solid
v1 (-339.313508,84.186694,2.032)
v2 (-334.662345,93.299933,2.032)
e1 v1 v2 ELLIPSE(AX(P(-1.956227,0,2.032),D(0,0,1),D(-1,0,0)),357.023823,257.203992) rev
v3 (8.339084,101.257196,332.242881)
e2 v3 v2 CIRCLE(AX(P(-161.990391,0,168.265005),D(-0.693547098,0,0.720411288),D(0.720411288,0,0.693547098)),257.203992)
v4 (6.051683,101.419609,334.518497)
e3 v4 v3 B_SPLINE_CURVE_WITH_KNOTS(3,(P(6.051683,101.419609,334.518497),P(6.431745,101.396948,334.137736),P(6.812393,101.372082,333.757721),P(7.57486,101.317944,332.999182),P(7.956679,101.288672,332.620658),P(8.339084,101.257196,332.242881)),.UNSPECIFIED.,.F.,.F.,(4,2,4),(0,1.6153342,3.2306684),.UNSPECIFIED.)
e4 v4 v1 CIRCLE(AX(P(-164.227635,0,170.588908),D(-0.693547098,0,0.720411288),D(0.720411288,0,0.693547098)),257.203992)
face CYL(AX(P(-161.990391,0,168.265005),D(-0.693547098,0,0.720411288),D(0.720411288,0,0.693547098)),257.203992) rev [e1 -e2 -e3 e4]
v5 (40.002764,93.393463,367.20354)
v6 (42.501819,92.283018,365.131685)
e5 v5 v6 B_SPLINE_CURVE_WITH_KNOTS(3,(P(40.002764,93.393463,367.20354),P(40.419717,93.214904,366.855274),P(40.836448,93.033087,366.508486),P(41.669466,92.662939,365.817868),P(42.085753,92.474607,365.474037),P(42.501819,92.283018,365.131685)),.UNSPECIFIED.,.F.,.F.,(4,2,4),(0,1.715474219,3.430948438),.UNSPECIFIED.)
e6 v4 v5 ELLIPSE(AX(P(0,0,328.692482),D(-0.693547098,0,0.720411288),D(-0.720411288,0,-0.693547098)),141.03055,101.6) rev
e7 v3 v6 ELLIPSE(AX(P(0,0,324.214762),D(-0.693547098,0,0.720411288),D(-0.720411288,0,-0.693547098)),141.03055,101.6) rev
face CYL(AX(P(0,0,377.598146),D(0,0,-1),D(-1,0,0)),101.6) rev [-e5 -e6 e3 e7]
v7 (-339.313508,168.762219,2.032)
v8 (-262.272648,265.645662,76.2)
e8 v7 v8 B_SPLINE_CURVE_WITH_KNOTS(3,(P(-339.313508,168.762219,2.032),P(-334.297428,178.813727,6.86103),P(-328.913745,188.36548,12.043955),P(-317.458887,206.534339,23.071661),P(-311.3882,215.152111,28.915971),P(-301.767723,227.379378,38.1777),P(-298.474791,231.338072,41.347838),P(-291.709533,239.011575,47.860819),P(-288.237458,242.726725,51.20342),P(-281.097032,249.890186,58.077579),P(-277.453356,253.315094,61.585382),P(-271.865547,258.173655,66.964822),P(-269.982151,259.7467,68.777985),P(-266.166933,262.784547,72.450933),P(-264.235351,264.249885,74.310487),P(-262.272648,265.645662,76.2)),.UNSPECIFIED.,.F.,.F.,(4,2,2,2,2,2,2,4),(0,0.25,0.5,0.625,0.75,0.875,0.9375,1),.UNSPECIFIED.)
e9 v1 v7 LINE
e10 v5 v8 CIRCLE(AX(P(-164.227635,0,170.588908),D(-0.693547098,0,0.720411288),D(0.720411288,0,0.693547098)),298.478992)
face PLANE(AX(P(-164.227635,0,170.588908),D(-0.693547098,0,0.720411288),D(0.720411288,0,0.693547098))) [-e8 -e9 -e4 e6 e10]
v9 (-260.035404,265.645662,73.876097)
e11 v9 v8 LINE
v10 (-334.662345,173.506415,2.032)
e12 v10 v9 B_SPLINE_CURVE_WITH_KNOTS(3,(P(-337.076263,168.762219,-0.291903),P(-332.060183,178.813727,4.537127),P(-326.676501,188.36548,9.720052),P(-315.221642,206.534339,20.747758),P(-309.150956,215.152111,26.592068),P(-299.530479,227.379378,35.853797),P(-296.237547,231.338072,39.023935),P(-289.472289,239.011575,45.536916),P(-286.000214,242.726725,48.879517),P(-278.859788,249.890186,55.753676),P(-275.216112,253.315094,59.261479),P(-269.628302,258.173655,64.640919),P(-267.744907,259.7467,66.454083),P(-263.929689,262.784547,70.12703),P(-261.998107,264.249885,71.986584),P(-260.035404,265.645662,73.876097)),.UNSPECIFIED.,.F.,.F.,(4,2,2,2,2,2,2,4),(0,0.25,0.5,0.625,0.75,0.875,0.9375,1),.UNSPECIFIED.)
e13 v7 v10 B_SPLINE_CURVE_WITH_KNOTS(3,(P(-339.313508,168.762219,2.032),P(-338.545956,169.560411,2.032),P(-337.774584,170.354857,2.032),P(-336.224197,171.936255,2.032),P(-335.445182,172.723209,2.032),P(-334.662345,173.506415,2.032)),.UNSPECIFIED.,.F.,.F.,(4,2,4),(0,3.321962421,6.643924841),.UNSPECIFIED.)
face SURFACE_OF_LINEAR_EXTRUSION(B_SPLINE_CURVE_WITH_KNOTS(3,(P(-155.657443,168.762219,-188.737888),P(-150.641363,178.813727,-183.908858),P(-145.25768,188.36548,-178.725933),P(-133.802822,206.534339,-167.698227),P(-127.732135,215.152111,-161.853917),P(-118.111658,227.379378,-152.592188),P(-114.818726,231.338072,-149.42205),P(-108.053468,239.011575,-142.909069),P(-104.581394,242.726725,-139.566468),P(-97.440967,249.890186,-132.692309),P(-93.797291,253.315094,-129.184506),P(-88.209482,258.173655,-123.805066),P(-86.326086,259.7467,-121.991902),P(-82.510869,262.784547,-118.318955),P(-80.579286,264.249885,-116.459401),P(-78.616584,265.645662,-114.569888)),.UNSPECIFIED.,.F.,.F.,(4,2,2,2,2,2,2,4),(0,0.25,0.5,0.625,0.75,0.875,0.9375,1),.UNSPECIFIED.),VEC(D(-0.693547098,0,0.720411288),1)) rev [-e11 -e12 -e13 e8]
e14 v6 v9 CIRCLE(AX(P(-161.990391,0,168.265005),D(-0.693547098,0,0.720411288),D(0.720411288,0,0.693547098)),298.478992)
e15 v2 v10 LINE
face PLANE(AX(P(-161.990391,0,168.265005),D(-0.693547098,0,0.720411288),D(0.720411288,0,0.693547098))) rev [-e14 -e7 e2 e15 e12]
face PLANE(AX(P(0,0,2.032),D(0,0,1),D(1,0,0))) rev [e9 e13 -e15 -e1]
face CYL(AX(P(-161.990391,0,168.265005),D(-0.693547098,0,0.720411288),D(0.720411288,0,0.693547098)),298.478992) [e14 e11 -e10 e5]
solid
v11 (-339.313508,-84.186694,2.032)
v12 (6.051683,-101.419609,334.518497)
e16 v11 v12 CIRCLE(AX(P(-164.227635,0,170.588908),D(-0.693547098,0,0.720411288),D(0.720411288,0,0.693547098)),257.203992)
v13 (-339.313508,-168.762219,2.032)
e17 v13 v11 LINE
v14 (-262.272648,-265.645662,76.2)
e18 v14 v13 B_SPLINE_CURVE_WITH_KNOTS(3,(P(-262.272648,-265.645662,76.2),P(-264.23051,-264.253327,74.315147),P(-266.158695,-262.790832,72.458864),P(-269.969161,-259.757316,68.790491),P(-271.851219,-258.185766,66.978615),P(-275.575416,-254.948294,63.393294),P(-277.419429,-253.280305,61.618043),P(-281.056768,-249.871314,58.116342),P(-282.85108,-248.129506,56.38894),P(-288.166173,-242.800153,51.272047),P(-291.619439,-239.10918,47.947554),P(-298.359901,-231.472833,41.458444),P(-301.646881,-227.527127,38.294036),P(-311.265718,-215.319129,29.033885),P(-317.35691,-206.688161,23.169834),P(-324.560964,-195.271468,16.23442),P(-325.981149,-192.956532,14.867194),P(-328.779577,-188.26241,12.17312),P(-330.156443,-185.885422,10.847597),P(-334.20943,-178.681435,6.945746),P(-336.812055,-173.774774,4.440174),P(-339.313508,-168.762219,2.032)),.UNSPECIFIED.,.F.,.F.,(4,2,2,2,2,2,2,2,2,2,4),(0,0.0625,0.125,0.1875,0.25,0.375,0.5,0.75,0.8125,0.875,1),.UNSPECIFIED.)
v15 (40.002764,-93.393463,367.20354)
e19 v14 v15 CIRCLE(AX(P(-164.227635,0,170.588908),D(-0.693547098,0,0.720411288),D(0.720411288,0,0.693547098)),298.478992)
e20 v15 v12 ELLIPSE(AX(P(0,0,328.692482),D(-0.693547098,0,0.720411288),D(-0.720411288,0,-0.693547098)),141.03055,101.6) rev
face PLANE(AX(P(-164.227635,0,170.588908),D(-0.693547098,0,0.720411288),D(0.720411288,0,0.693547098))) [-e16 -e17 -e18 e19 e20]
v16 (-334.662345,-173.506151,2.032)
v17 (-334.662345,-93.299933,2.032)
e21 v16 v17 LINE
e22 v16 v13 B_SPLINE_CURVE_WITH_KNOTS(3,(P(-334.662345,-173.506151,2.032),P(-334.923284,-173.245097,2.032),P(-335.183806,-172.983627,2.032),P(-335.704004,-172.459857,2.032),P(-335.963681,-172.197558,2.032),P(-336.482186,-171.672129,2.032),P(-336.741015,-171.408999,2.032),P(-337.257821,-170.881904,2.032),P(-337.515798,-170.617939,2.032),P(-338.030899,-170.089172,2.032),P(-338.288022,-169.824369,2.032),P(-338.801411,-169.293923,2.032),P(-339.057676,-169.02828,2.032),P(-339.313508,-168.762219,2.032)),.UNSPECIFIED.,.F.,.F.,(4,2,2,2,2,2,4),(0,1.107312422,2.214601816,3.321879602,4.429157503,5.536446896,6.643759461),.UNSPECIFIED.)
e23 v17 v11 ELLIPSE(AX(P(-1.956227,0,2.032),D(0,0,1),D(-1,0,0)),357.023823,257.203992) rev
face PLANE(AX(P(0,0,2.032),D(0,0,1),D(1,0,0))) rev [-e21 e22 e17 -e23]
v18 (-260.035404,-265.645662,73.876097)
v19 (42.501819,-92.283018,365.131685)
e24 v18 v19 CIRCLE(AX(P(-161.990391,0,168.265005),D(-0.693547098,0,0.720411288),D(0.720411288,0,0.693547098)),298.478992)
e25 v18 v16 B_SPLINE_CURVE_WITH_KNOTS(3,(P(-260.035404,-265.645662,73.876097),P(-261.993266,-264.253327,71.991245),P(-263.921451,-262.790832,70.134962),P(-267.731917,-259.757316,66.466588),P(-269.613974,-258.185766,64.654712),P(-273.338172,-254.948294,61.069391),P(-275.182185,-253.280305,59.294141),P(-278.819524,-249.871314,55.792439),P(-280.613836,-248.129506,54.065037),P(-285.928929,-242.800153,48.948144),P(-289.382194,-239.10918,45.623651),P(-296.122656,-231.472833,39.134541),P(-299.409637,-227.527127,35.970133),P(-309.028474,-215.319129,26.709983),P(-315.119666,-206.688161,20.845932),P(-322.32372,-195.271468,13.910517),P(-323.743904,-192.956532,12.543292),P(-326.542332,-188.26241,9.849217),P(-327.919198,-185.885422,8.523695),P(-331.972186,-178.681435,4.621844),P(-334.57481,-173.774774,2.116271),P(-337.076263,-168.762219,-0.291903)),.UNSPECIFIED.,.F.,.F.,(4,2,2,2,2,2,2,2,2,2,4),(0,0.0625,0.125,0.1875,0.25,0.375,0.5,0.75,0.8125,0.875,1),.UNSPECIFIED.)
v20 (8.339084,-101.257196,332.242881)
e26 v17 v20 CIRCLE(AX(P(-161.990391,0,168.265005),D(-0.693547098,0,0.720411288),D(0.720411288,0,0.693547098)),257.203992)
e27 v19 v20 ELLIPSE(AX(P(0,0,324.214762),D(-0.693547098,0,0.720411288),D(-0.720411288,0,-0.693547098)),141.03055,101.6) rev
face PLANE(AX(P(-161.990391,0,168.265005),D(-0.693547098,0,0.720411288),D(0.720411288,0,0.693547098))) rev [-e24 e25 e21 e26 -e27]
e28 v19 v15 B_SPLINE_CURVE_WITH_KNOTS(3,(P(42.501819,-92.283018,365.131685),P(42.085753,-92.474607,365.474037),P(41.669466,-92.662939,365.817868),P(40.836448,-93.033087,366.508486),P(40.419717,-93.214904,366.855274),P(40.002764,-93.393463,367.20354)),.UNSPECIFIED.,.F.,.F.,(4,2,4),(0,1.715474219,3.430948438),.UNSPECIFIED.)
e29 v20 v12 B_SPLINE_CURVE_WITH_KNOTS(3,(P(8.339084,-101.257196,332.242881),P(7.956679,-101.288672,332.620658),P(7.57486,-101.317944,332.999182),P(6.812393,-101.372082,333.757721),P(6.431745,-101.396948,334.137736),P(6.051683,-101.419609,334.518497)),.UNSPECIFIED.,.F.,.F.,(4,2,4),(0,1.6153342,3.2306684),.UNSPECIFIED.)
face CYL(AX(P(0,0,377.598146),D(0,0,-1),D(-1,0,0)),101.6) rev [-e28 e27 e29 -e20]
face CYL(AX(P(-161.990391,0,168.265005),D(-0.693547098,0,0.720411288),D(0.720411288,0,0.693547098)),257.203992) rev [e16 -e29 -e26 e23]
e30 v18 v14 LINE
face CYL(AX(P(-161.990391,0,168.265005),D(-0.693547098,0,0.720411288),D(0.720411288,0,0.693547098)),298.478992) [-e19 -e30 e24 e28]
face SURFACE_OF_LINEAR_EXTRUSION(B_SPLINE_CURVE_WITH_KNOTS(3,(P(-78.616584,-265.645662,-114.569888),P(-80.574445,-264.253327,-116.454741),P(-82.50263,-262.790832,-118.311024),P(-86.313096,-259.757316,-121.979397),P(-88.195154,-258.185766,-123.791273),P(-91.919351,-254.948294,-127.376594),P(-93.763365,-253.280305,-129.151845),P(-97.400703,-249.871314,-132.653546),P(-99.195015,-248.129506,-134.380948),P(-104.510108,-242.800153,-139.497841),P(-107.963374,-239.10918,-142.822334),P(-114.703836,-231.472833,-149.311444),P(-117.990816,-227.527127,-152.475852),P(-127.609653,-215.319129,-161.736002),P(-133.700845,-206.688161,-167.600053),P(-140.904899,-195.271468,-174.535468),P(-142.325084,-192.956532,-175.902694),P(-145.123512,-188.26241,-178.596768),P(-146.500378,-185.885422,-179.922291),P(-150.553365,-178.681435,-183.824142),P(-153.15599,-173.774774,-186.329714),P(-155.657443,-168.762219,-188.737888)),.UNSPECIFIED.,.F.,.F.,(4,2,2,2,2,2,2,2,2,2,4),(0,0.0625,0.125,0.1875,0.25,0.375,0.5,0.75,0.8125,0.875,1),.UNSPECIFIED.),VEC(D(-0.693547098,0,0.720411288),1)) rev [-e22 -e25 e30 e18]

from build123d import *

# Parameters (mm, degrees)
SKETCH2_R               = 298.47899177
SKETCH2_R_2             = 257.20399177
EXTRUDE1_DEPTH          = 3.2258
SKETCH3_R               = 101.6
CUT_EXTRUDE1_DEPTH      = 613.784324244
SKETCH4_R               = 381
CUT_EXTRUDE2_DEPTH      = 2.032
CUT_EXTRUDE2_DEPTH_BACK = 607.43442205
CUT_EXTRUDE3_DEPTH      = 413.89718972


with BuildPart() as part:
    # Sketch2 → Extrude1 (new body)
    with BuildSketch(Plane(origin=(-164.227634794, 0, 170.588907734), x_dir=(0.7204112876391361, 0, 0.6935470976380206), z_dir=(-0.6935470976380206, 0, 0.7204112876391361))):
        Circle(SKETCH2_R)
        Circle(SKETCH2_R_2, mode=Mode.SUBTRACT)
    extrude(amount=-EXTRUDE1_DEPTH)

    # Sketch3 → Cut-Extrude1 (cut, through all)
    with BuildSketch(Plane.XY):
        Circle(SKETCH3_R)
    extrude(amount=CUT_EXTRUDE1_DEPTH, mode=Mode.SUBTRACT)

    # Sketch4 → Cut-Extrude2 (cut, two sides)
    with BuildSketch(Plane.XY) as cut_extrude2_sk:
        Circle(SKETCH4_R)
    extrude(amount=CUT_EXTRUDE2_DEPTH, mode=Mode.SUBTRACT)
    extrude(cut_extrude2_sk.sketch, amount=-CUT_EXTRUDE2_DEPTH_BACK, mode=Mode.SUBTRACT)


with BuildPart() as cut_extrude2_piece_1:
    # of the separate pieces the step leaves, piece 1, a body of its own (cut_extrude2_pieces)
    add(part.part.solids().sort_by_distance((-339.313507628, -173.272082337, 2.032))[0])


with BuildPart() as cut_extrude2_piece_2:
    # of the separate pieces the step leaves, piece 2, a body of its own (cut_extrude2_pieces)
    add(part.part.solids().sort_by_distance((-334.662345492, 177.878308285, 2.032))[0])


with BuildPart() as cut_revolve5_tool:
    # Sketch5 → Cut-Revolve5 (revolve)
    with BuildSketch(Plane(origin=(0, 0, 0), x_dir=(1, 0, 0), z_dir=(0, 1, 0))):
        with BuildLine():
            Line((-373.3022368, -76.2), (-525.7022368, -76.2))
            Line((-525.7022368, -76.2), (-525.7022368, 76.2))
            Line((-525.7022368, 76.2), (-373.3022368, 76.2))
            add(Edge.make_bspline(
                [(-373.3022368, 76.2), (-388.856496667, 0), (-373.3022368, -76.2)],
                knots=[3.751711748, 3.751711748, 3.751711748, 5.673066213, 5.673066213, 5.673066213], degree=2, weights=[1, 0.572965072, 1]))
        make_face()
    revolve(axis=Axis((0, 0, 0), (0, 0, 1)))


with BuildPart() as cut_extrude2_piece_1_1:
    add(cut_extrude2_piece_1.part)

    # Cut-Revolve5: cut by cut_revolve5_tool
    add(cut_revolve5_tool.part, mode=Mode.SUBTRACT)


with BuildPart() as cut_extrude2_piece_2_1:
    add(cut_extrude2_piece_2.part)

    # Cut-Revolve5: cut by cut_revolve5_tool
    add(cut_revolve5_tool.part, mode=Mode.SUBTRACT)


with BuildPart() as cut_extrude3_tool:
    # Sketch6 → Cut-Extrude3 (new, through all)
    with BuildSketch(Plane(origin=(-164.227634794, 0, 170.588907734), x_dir=(0.720411287639136, 0, 0.6935470976380206), z_dir=(-0.6935470976380206, 0, 0.720411287639136))):
        with BuildLine():
            Line((-243.035993241, 168.7622191), (-243.035993241, 265.645662397))
            Line((-243.035993241, 265.645662397), (-136.095887439, 265.645662397))
            add(Edge.make_bspline(
                [(-243.035993241, 168.7622191), (-236.073192799, 178.81372708), (-228.600124987, 188.365480079), (-212.699682128, 206.534339224), (-204.272986727, 215.152111012), (-190.918840798, 227.37937762), (-186.347935418, 231.338072142), (-176.957107882, 239.011574584), (-172.137535558, 242.72672513), (-162.22593818, 249.89018649), (-157.168166325, 253.315093679), (-149.411750774, 258.173655162), (-146.797416665, 259.746699718), (-141.501528842, 262.784547331), (-138.820306945, 264.249884702), (-136.095887439, 265.645662397)],
                knots=[0, 0, 0, 0, 0.25, 0.25, 0.5, 0.5, 0.625, 0.625, 0.75, 0.75, 0.875, 0.875, 0.9375, 0.9375, 1, 1, 1, 1], degree=3))
        make_face()
        with BuildLine():
            Line((-243.035993241, -168.7622191), (-243.035993241, -265.645662397))
            Line((-243.035993241, -265.645662397), (-136.095887439, -265.645662397))
            add(Edge.make_bspline(
                [(-136.095887439, -265.645662397), (-138.81358705, -264.253327446), (-141.490093076, -262.790832153), (-146.779385996, -259.757316018), (-149.391862349, -258.185766269), (-154.561405307, -254.948293654), (-157.121073222, -253.280304755), (-162.170048063, -249.871314446), (-164.660725074, -248.129506053), (-172.038584185, -242.80015254), (-176.832048478, -239.109180253), (-186.188456762, -231.472832985), (-190.751100547, -227.527126699), (-204.102969746, -215.319128934), (-212.558128719, -206.688161028), (-222.558047173, -195.271468149), (-224.52939951, -192.956531952), (-228.413886115, -188.262409971), (-230.325108237, -185.885421736), (-235.951043458, -178.681435362), (-239.563736335, -173.774773789), (-243.035993241, -168.7622191)],
                knots=[0, 0, 0, 0, 0.0625, 0.0625, 0.125, 0.125, 0.1875, 0.1875, 0.25, 0.25, 0.375, 0.375, 0.5, 0.5, 0.75, 0.75, 0.8125, 0.8125, 0.875, 0.875, 1, 1, 1, 1], degree=3))
        make_face()
    extrude(amount=-CUT_EXTRUDE3_DEPTH)


with BuildPart() as cut_extrude2_piece_1_2:
    add(cut_extrude2_piece_1_1.part)

    # Cut-Extrude3: cut by cut_extrude3_tool
    add(cut_extrude3_tool.part, mode=Mode.SUBTRACT)


with BuildPart() as cut_extrude2_piece_2_2:
    add(cut_extrude2_piece_2_1.part)

    # Cut-Extrude3: cut by cut_extrude3_tool
    add(cut_extrude3_tool.part, mode=Mode.SUBTRACT)


solid = Compound([cut_extrude2_piece_1_2.part, cut_extrude2_piece_2_2.part])
